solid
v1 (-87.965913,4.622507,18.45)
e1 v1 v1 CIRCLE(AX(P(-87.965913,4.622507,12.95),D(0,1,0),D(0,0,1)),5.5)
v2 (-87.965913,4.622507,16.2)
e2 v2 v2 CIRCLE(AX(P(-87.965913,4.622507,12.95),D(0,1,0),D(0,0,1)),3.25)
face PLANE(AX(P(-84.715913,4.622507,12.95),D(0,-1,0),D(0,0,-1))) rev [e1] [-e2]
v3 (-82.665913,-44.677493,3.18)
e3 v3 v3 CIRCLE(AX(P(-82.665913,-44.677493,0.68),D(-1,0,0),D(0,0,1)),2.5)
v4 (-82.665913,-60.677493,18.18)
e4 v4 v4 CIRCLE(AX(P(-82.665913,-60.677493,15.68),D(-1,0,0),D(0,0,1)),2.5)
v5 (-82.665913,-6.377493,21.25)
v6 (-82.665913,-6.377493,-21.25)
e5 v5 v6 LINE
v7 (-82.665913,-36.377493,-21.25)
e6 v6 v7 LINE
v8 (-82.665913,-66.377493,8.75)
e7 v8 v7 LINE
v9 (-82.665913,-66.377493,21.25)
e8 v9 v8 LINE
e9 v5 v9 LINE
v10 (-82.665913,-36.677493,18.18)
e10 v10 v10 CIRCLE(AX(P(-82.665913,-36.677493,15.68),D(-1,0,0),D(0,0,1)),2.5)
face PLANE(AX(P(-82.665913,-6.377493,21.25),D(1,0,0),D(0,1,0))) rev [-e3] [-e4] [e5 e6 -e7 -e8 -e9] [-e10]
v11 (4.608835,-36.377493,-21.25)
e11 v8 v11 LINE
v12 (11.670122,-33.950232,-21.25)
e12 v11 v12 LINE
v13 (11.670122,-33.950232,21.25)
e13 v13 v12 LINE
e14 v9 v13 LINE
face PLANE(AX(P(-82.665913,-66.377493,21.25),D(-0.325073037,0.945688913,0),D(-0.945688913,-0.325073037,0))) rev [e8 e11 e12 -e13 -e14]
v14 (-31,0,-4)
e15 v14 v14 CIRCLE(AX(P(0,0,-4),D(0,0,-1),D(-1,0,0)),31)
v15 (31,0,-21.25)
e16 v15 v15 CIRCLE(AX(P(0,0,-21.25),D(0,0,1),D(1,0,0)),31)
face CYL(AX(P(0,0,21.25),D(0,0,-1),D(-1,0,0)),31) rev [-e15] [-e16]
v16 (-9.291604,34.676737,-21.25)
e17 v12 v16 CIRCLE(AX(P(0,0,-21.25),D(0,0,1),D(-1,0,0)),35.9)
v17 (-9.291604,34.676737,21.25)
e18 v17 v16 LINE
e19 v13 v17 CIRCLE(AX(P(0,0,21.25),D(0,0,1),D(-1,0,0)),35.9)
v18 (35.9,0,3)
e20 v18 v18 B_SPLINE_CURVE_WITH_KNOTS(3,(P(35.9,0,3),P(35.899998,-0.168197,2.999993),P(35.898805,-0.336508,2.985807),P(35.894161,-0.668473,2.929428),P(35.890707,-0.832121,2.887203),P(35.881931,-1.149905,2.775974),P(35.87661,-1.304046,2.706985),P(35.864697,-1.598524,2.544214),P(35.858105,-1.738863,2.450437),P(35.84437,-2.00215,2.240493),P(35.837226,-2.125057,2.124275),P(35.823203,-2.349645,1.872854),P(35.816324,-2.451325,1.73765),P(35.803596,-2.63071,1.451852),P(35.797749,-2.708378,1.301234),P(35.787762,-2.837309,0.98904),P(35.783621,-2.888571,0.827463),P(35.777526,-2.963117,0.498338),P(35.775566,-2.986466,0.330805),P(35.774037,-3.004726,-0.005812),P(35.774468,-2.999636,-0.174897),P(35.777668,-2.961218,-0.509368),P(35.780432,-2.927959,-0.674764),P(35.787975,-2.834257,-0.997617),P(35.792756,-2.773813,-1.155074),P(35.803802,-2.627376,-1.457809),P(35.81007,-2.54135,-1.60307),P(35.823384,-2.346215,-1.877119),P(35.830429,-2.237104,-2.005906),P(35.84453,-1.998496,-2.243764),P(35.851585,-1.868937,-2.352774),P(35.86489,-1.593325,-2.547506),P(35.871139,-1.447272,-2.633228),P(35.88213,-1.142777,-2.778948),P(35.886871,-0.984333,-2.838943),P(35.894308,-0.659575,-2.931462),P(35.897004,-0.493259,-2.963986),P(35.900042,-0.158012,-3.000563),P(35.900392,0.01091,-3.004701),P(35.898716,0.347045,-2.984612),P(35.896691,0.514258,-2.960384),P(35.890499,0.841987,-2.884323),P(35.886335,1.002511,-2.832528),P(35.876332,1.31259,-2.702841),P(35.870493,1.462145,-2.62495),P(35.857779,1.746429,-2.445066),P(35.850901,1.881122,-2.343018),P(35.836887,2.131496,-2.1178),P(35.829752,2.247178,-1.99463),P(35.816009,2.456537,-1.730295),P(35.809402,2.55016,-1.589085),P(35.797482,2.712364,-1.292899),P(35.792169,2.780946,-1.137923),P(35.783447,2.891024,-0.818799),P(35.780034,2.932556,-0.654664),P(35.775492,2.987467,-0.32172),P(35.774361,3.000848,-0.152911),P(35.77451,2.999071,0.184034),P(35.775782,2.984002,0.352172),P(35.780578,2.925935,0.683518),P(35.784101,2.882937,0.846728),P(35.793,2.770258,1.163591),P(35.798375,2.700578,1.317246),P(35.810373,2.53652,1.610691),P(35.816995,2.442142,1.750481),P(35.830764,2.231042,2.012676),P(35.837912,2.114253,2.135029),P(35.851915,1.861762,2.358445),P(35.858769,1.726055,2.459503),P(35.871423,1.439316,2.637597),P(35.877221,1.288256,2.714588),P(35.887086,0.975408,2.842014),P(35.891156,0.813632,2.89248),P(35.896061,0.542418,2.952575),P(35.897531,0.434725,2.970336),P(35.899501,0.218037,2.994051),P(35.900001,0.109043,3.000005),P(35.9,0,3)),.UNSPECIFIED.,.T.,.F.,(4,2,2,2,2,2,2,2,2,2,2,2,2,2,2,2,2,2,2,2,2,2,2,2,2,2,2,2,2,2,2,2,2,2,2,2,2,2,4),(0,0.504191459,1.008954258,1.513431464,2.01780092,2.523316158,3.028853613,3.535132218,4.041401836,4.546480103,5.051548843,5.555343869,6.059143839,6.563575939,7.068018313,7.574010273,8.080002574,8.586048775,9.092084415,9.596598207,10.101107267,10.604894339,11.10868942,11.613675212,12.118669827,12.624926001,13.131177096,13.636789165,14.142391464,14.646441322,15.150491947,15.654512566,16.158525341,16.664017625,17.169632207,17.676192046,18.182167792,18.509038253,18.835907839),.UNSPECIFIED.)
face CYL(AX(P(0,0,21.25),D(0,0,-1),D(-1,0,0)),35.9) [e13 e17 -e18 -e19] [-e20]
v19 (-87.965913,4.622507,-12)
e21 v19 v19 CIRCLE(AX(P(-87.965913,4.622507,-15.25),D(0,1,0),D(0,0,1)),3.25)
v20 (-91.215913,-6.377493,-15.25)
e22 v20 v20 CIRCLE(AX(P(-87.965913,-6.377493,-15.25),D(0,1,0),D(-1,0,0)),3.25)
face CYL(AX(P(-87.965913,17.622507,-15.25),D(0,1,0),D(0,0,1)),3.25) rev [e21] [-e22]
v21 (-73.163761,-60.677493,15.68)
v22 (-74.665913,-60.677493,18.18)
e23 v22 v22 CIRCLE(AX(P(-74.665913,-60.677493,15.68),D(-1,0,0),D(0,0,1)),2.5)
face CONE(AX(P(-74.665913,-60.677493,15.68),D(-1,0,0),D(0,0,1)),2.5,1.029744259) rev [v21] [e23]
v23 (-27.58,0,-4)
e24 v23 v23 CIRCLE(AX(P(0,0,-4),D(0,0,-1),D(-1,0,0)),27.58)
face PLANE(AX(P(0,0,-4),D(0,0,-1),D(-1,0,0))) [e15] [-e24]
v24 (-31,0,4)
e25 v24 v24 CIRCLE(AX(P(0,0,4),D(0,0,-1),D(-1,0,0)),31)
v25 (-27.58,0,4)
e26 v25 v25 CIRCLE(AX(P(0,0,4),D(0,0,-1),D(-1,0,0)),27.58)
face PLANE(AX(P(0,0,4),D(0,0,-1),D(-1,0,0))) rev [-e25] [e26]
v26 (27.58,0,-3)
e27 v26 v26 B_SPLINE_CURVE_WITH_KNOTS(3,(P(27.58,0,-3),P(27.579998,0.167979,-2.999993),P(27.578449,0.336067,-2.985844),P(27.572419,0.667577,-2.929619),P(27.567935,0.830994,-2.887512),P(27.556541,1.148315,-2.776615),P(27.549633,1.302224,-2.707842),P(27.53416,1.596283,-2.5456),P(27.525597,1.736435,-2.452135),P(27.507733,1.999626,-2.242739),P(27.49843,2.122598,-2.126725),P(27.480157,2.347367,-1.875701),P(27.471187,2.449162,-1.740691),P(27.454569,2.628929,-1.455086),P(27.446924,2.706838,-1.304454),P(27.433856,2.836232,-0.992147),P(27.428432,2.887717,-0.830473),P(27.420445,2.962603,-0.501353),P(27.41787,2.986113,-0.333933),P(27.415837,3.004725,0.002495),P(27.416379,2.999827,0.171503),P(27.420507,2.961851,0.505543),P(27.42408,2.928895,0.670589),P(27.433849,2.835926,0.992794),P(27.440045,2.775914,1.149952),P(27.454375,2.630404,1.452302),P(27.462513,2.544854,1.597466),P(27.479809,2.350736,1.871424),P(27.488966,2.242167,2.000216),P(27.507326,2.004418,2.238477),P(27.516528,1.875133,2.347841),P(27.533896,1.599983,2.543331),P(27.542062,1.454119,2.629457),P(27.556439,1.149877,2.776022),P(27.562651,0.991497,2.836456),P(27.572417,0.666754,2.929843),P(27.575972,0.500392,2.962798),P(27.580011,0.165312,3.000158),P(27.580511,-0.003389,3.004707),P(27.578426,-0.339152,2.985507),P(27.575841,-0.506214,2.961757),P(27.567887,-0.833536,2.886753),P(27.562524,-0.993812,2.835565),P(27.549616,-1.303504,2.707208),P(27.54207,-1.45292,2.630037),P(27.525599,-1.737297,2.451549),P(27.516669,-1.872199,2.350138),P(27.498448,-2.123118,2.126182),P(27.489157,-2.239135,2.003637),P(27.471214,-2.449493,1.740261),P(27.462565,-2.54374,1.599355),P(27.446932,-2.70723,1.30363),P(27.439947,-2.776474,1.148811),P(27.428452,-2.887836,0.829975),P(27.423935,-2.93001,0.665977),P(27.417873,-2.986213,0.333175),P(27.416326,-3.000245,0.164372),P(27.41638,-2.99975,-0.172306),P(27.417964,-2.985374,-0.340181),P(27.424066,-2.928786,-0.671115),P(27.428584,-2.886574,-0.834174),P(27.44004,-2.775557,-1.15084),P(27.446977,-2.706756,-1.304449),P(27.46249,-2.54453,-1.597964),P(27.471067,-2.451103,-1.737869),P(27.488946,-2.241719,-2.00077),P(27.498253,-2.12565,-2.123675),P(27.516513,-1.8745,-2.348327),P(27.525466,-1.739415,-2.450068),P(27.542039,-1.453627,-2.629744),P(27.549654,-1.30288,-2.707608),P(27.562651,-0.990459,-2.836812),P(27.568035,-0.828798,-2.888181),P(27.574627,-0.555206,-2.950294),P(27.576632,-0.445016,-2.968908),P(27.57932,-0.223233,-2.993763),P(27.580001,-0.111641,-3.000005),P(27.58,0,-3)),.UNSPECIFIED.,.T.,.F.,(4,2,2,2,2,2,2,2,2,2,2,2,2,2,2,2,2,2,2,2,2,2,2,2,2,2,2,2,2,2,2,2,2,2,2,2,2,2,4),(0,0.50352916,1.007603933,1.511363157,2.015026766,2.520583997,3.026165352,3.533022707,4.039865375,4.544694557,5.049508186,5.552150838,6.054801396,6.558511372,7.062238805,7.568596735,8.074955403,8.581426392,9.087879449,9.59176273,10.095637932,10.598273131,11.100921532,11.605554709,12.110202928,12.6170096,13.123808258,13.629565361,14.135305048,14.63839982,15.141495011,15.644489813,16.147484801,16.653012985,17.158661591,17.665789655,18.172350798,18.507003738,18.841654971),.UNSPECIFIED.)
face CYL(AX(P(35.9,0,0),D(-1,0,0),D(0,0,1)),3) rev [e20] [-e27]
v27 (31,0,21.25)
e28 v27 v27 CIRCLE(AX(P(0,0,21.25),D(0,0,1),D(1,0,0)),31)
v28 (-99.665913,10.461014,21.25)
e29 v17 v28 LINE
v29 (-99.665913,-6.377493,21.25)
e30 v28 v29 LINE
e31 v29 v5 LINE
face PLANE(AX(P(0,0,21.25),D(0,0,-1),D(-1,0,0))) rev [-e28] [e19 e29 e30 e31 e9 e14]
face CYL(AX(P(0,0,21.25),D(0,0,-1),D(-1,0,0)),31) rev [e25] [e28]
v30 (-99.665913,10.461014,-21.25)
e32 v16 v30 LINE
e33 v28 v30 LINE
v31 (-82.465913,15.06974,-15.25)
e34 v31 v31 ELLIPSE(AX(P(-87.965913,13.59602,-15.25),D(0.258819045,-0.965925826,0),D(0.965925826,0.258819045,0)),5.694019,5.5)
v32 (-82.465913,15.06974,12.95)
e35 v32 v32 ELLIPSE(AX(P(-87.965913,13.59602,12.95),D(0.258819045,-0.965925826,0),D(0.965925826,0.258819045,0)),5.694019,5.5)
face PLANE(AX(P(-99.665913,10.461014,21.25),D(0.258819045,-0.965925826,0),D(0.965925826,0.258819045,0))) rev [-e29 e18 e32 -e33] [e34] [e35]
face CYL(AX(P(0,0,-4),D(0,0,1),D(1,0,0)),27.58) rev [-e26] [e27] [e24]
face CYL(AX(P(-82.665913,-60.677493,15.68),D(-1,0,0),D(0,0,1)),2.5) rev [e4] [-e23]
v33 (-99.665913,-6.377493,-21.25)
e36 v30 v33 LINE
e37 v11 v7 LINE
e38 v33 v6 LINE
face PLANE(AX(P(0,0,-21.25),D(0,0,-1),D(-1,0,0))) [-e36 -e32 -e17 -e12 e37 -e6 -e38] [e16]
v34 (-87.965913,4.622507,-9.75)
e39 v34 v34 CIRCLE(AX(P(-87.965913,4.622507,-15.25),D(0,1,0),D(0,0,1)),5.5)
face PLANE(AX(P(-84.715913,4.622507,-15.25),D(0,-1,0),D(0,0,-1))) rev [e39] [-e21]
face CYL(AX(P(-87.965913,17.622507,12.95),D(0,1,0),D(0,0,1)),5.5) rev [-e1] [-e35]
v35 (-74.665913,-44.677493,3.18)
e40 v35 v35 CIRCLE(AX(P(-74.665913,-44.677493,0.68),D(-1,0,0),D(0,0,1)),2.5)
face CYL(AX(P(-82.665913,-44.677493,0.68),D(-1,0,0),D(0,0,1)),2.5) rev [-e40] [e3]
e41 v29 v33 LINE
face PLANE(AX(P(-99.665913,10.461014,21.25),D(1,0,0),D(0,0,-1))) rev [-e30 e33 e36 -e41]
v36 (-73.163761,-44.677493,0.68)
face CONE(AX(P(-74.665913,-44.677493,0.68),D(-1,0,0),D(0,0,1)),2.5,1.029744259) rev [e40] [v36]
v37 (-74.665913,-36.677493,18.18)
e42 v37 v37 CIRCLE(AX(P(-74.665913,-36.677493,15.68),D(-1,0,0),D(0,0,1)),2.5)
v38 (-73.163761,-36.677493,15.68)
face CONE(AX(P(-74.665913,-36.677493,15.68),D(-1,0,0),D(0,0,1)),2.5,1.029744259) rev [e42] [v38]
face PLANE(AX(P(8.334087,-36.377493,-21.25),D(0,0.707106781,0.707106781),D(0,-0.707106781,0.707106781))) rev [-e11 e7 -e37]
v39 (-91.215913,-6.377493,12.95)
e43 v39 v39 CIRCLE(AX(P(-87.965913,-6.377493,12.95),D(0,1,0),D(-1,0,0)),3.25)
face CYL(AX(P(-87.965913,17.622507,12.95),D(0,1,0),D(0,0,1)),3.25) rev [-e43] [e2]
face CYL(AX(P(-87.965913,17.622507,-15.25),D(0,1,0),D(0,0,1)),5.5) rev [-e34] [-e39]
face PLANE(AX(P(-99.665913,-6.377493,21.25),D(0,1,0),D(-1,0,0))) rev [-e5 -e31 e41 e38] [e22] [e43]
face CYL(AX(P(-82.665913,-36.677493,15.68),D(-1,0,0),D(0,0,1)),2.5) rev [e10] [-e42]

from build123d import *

# Parameters (mm, degrees)
SKETCH1_R                                    = 31
BOSS_EXTRUDE1_DEPTH                          = 21.25
CUT_EXTRUDE1_DEPTH                           = 91
F_5_0MM_DOWEL_HOLE1_D                        = 5
F_5_0MM_DOWEL_HOLE1_DEPTH                    = 8
F_5_0MM_DOWEL_HOLE1_TIP                      = 1.502151548
CBORE_FOR_M8_HEX_HEAD_CAP_SCREW2_D           = 6.5
CBORE_FOR_M8_HEX_HEAD_CAP_SCREW2_CBORE_D     = 11
CBORE_FOR_M8_HEX_HEAD_CAP_SCREW2_CBORE_DEPTH = 13
SKETCH18_R                                   = 31
SKETCH18_R_2                                 = 27.58
BOSS_EXTRUDE2_DEPTH                          = 4
SKETCH21_R                                   = 3
CUT_EXTRUDE2_DEPTH                           = 122.617548954


with BuildPart() as part:
    # Sketch1 → Boss-Extrude1 (new, symmetric)
    with BuildSketch(Plane.XY):
        with BuildLine():
            Line((-99.665912553, 10.461014095), (-99.665912553, -6.377493087))
            Line((-99.665912553, -6.377493087), (-82.665912553, -6.377493087))
            Line((-82.665912553, -6.377493087), (-82.665912553, -66.377493087))
            Line((-82.665912553, -66.377493087), (11.670122046, -33.950231979))
            ThreePointArc((11.670122046, -33.950231979), (34.334087447, 10.487155916), (-9.291603719, 34.676737164))
            Line((-9.291603719, 34.676737164), (-99.665912553, 10.461014095))
        make_face()
        Circle(SKETCH1_R, mode=Mode.SUBTRACT)
    extrude(amount=BOSS_EXTRUDE1_DEPTH, both=True)

    # Sketch5 → Cut-Extrude1 (cut)
    with BuildSketch(Plane.ZY.offset(82.665912553)):
        Polygon((-21.25, -66.377493087), (8.75, -66.377493087), (-21.25, -36.377493087), align=None)
    extrude(amount=-CUT_EXTRUDE1_DEPTH, mode=Mode.SUBTRACT)

    # Ø5.0mm Dowel Hole1
    with Locations(Plane.ZY.offset(82.665912553)):
        with Locations((15.68, -60.677493087), (15.68, -36.677493087), (-98.628383383, 36.760601071), (0.68, -44.677493087), (35.6, -82.217865389)):
            Hole(F_5_0MM_DOWEL_HOLE1_D / 2, depth=F_5_0MM_DOWEL_HOLE1_DEPTH)
            with Locations((0, 0, -(F_5_0MM_DOWEL_HOLE1_DEPTH + F_5_0MM_DOWEL_HOLE1_TIP / 2))):  # 118° drill point
                Cone(0, F_5_0MM_DOWEL_HOLE1_D / 2, F_5_0MM_DOWEL_HOLE1_TIP, mode=Mode.SUBTRACT)

    # CBORE for M8 Hex Head Cap Screw2 (through all)
    with Locations(Plane(origin=(0, 17.622506913, 0), x_dir=(-1, 0, 0), z_dir=(0, 1, 0))):
        with Locations((87.965912553, -15.25), (87.965912553, 12.95)):
            CounterBoreHole(CBORE_FOR_M8_HEX_HEAD_CAP_SCREW2_D / 2, CBORE_FOR_M8_HEX_HEAD_CAP_SCREW2_CBORE_D / 2, CBORE_FOR_M8_HEX_HEAD_CAP_SCREW2_CBORE_DEPTH)

    # Sketch18 → Boss-Extrude2 (add, symmetric)
    with BuildSketch(Plane(origin=(0, 0, 0), x_dir=(-1, 0, 0), z_dir=(0, 0, -1))):
        Circle(SKETCH18_R)
        Circle(SKETCH18_R_2, mode=Mode.SUBTRACT)
    extrude(amount=BOSS_EXTRUDE2_DEPTH, both=True)

    # Sketch21 → Cut-Extrude2 (cut, through all)
    with BuildSketch(Plane(origin=(0, 0, 0), x_dir=(0, 0, -1), z_dir=(1, 0, 0))):
        with Locations(Location((0, 0, 0), (0, 0, 180))):
            Circle(SKETCH21_R)
    extrude(amount=CUT_EXTRUDE2_DEPTH, mode=Mode.SUBTRACT)


solid = part.part
